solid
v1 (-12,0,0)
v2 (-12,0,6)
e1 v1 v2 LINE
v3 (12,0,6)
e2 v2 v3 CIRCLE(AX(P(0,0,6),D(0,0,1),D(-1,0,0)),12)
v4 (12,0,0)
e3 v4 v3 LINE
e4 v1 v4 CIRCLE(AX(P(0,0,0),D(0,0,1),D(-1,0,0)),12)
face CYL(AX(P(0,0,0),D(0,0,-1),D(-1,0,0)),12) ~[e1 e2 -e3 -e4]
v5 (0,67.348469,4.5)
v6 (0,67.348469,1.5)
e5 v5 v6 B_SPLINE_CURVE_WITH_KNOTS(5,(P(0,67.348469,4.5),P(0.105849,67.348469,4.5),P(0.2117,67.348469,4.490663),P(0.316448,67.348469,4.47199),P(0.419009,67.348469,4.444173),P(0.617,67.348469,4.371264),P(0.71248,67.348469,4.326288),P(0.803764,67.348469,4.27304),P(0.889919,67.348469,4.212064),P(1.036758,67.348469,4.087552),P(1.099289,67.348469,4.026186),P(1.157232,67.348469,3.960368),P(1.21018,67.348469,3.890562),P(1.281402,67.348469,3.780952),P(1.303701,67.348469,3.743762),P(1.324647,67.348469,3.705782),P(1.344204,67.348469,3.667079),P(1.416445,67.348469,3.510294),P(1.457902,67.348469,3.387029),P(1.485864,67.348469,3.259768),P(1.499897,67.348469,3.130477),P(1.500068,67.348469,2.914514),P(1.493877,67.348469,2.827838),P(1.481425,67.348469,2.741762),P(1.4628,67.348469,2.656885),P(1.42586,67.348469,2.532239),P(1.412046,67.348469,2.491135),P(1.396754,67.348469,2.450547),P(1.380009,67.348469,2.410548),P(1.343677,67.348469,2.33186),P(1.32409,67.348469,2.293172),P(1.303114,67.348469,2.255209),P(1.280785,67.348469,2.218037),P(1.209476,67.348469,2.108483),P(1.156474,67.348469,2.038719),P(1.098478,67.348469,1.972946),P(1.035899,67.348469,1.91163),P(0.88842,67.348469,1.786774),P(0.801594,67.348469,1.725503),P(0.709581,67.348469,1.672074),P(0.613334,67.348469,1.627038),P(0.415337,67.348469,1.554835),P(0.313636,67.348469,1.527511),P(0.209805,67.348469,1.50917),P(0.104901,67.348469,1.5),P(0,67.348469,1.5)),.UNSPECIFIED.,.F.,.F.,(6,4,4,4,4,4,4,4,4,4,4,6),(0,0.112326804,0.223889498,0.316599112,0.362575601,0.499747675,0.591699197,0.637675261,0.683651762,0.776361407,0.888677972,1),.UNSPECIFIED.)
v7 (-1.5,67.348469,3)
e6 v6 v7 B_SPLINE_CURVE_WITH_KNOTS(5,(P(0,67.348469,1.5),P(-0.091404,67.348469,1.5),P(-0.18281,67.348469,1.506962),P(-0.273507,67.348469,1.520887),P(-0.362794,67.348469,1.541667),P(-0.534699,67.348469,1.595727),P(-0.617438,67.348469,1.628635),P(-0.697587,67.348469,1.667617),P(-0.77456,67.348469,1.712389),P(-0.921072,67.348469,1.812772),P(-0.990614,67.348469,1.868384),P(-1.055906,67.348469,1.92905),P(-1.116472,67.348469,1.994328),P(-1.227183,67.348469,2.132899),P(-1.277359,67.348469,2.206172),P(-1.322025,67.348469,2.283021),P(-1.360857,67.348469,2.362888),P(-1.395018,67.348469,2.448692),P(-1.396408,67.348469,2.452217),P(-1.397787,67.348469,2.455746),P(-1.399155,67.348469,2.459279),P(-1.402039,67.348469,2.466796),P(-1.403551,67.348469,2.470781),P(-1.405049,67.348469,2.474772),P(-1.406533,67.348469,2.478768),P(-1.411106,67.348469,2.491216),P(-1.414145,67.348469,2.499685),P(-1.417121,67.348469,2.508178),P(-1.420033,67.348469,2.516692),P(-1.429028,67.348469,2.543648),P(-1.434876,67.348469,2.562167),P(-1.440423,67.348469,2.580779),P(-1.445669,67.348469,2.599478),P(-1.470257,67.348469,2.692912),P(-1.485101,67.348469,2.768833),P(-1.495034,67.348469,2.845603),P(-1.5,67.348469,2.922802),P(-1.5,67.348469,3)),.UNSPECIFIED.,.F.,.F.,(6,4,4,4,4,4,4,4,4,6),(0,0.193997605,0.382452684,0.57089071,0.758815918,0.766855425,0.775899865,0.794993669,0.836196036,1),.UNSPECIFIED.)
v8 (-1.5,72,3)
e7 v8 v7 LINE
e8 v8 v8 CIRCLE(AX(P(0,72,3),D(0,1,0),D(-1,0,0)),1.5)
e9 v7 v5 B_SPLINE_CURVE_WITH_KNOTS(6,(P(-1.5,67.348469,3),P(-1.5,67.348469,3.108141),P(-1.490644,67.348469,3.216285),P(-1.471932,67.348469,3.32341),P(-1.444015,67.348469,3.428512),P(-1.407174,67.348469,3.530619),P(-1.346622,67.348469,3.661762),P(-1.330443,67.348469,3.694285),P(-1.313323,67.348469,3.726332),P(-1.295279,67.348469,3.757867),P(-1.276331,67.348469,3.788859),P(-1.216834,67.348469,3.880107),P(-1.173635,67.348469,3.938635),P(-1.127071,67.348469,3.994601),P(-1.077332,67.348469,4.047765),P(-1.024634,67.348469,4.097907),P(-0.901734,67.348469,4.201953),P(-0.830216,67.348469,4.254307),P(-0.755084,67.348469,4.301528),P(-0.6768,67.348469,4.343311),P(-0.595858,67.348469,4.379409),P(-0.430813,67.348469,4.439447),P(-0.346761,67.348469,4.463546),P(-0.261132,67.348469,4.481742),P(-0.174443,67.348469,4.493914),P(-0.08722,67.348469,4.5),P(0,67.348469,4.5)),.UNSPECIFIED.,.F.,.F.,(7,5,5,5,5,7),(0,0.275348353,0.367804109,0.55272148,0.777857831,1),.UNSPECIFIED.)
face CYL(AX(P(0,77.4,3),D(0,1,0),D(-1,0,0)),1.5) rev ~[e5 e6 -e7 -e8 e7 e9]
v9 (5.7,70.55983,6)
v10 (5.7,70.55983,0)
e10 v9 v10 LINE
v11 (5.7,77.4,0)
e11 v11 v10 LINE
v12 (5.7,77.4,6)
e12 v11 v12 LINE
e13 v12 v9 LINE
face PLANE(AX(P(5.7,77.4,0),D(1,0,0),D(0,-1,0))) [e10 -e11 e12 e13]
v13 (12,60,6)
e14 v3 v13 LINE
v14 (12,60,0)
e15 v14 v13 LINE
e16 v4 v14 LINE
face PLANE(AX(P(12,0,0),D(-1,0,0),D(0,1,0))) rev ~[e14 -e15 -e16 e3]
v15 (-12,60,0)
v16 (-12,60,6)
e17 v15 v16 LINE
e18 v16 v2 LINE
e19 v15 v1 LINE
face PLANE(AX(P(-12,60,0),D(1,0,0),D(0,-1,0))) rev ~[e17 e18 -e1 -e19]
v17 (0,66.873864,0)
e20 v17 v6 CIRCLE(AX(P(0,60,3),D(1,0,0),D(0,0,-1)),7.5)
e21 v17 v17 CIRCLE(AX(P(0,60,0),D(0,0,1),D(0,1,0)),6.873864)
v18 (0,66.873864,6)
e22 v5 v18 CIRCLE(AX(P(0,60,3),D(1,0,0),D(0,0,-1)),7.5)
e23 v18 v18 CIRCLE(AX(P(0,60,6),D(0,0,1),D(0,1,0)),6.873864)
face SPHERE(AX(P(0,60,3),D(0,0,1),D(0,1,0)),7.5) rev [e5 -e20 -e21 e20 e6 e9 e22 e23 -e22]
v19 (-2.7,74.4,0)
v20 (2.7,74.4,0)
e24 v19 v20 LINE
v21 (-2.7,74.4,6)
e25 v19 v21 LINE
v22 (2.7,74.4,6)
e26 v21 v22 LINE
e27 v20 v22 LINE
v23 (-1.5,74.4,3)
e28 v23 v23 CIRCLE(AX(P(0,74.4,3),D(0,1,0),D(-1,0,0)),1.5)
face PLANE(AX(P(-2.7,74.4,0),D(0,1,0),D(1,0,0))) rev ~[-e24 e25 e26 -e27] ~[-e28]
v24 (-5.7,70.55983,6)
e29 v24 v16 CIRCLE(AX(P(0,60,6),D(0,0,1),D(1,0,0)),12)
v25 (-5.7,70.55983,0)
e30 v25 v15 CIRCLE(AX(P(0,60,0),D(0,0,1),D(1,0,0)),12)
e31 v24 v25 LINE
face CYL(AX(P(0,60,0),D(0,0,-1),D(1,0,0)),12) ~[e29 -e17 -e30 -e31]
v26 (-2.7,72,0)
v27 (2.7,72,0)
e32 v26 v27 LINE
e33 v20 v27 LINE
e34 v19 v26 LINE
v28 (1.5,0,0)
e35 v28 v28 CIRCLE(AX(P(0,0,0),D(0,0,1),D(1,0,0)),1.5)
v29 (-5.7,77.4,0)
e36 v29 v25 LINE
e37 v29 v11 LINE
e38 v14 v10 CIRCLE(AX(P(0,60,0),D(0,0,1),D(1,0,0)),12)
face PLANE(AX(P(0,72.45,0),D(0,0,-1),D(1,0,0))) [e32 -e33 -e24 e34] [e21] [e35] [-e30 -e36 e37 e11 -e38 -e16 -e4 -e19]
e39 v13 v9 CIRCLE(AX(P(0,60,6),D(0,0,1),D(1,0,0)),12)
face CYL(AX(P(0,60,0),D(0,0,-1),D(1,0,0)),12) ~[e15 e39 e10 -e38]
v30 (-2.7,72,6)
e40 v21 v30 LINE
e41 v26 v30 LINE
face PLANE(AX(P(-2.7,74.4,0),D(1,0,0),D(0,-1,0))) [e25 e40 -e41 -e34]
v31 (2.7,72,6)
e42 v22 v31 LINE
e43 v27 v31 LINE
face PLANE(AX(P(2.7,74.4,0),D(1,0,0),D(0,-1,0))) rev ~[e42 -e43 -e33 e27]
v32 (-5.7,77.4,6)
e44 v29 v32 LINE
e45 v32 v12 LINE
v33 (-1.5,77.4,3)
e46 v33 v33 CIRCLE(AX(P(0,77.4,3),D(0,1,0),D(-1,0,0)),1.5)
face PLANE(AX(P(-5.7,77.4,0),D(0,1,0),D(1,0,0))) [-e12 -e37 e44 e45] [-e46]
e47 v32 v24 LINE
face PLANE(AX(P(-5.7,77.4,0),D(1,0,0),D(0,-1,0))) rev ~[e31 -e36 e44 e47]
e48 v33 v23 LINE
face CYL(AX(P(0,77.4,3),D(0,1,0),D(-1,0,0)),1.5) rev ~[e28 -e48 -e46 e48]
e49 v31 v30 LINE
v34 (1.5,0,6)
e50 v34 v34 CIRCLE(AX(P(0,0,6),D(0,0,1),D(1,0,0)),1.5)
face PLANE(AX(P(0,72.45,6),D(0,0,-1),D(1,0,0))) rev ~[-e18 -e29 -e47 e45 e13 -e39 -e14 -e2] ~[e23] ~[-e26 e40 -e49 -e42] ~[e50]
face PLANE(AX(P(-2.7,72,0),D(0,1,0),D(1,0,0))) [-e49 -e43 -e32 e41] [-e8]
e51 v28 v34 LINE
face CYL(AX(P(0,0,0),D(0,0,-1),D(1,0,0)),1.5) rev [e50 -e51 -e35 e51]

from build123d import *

# Parameters (mm, degrees)
F0_R     = 1.5
F1_DEPTH = 6
F3_W     = 11.4
F3_H     = 9.9
F3_W_2   = 5.4
F3_H_2   = 2.4
F4_DEPTH = 6
F6_R     = 1.5
F7_DEPTH = 11.0515308717


with BuildPart() as f1:
    # F0 (on Top) → F1 (new body)
    with BuildSketch(Plane.XY):
        with BuildLine():
            Line((-12, 60), (-12, 0))
            ThreePointArc((-12, 0), (0, -12), (12, 0))
            Line((12, 0), (12, 60))
            ThreePointArc((12, 60), (0, 72), (-12, 60))
        make_face()
        Circle(F0_R, mode=Mode.SUBTRACT)
    extrude(amount=F1_DEPTH)

    # F3 (on face) → F4 (join, through all)
    with BuildSketch(Plane(origin=(0, 0, 0), x_dir=(1, 0, 0), z_dir=(0, 0, -1))):
        with Locations((0, -72.45)):
            Rectangle(F3_W, F3_H)
        with Locations((0, -73.2)):
            Rectangle(F3_W_2, F3_H_2, mode=Mode.SUBTRACT)
    extrude(amount=-F4_DEPTH)

    # F2 (on Right) → F5 (revolve, cut)
    with BuildSketch(Plane.YZ):
        with BuildLine():
            ThreePointArc((60, -4.5), (67.5, 3), (60, 10.5))
            Line((60, 10.5), (60, -4.5))
        make_face()
    revolve(axis=Axis((0, 60, 3), (0, 0, -1)), mode=Mode.SUBTRACT)

    # F6 (on face) → F7 (cut, up to face)
    with BuildSketch(Plane(origin=(0, 77.4, 0), x_dir=(-1, 0, 0), z_dir=(0, 1, 0))):
        with Locations((0, 3)):
            Circle(F6_R)
    extrude(amount=-F7_DEPTH, mode=Mode.SUBTRACT)


solid = f1.part
